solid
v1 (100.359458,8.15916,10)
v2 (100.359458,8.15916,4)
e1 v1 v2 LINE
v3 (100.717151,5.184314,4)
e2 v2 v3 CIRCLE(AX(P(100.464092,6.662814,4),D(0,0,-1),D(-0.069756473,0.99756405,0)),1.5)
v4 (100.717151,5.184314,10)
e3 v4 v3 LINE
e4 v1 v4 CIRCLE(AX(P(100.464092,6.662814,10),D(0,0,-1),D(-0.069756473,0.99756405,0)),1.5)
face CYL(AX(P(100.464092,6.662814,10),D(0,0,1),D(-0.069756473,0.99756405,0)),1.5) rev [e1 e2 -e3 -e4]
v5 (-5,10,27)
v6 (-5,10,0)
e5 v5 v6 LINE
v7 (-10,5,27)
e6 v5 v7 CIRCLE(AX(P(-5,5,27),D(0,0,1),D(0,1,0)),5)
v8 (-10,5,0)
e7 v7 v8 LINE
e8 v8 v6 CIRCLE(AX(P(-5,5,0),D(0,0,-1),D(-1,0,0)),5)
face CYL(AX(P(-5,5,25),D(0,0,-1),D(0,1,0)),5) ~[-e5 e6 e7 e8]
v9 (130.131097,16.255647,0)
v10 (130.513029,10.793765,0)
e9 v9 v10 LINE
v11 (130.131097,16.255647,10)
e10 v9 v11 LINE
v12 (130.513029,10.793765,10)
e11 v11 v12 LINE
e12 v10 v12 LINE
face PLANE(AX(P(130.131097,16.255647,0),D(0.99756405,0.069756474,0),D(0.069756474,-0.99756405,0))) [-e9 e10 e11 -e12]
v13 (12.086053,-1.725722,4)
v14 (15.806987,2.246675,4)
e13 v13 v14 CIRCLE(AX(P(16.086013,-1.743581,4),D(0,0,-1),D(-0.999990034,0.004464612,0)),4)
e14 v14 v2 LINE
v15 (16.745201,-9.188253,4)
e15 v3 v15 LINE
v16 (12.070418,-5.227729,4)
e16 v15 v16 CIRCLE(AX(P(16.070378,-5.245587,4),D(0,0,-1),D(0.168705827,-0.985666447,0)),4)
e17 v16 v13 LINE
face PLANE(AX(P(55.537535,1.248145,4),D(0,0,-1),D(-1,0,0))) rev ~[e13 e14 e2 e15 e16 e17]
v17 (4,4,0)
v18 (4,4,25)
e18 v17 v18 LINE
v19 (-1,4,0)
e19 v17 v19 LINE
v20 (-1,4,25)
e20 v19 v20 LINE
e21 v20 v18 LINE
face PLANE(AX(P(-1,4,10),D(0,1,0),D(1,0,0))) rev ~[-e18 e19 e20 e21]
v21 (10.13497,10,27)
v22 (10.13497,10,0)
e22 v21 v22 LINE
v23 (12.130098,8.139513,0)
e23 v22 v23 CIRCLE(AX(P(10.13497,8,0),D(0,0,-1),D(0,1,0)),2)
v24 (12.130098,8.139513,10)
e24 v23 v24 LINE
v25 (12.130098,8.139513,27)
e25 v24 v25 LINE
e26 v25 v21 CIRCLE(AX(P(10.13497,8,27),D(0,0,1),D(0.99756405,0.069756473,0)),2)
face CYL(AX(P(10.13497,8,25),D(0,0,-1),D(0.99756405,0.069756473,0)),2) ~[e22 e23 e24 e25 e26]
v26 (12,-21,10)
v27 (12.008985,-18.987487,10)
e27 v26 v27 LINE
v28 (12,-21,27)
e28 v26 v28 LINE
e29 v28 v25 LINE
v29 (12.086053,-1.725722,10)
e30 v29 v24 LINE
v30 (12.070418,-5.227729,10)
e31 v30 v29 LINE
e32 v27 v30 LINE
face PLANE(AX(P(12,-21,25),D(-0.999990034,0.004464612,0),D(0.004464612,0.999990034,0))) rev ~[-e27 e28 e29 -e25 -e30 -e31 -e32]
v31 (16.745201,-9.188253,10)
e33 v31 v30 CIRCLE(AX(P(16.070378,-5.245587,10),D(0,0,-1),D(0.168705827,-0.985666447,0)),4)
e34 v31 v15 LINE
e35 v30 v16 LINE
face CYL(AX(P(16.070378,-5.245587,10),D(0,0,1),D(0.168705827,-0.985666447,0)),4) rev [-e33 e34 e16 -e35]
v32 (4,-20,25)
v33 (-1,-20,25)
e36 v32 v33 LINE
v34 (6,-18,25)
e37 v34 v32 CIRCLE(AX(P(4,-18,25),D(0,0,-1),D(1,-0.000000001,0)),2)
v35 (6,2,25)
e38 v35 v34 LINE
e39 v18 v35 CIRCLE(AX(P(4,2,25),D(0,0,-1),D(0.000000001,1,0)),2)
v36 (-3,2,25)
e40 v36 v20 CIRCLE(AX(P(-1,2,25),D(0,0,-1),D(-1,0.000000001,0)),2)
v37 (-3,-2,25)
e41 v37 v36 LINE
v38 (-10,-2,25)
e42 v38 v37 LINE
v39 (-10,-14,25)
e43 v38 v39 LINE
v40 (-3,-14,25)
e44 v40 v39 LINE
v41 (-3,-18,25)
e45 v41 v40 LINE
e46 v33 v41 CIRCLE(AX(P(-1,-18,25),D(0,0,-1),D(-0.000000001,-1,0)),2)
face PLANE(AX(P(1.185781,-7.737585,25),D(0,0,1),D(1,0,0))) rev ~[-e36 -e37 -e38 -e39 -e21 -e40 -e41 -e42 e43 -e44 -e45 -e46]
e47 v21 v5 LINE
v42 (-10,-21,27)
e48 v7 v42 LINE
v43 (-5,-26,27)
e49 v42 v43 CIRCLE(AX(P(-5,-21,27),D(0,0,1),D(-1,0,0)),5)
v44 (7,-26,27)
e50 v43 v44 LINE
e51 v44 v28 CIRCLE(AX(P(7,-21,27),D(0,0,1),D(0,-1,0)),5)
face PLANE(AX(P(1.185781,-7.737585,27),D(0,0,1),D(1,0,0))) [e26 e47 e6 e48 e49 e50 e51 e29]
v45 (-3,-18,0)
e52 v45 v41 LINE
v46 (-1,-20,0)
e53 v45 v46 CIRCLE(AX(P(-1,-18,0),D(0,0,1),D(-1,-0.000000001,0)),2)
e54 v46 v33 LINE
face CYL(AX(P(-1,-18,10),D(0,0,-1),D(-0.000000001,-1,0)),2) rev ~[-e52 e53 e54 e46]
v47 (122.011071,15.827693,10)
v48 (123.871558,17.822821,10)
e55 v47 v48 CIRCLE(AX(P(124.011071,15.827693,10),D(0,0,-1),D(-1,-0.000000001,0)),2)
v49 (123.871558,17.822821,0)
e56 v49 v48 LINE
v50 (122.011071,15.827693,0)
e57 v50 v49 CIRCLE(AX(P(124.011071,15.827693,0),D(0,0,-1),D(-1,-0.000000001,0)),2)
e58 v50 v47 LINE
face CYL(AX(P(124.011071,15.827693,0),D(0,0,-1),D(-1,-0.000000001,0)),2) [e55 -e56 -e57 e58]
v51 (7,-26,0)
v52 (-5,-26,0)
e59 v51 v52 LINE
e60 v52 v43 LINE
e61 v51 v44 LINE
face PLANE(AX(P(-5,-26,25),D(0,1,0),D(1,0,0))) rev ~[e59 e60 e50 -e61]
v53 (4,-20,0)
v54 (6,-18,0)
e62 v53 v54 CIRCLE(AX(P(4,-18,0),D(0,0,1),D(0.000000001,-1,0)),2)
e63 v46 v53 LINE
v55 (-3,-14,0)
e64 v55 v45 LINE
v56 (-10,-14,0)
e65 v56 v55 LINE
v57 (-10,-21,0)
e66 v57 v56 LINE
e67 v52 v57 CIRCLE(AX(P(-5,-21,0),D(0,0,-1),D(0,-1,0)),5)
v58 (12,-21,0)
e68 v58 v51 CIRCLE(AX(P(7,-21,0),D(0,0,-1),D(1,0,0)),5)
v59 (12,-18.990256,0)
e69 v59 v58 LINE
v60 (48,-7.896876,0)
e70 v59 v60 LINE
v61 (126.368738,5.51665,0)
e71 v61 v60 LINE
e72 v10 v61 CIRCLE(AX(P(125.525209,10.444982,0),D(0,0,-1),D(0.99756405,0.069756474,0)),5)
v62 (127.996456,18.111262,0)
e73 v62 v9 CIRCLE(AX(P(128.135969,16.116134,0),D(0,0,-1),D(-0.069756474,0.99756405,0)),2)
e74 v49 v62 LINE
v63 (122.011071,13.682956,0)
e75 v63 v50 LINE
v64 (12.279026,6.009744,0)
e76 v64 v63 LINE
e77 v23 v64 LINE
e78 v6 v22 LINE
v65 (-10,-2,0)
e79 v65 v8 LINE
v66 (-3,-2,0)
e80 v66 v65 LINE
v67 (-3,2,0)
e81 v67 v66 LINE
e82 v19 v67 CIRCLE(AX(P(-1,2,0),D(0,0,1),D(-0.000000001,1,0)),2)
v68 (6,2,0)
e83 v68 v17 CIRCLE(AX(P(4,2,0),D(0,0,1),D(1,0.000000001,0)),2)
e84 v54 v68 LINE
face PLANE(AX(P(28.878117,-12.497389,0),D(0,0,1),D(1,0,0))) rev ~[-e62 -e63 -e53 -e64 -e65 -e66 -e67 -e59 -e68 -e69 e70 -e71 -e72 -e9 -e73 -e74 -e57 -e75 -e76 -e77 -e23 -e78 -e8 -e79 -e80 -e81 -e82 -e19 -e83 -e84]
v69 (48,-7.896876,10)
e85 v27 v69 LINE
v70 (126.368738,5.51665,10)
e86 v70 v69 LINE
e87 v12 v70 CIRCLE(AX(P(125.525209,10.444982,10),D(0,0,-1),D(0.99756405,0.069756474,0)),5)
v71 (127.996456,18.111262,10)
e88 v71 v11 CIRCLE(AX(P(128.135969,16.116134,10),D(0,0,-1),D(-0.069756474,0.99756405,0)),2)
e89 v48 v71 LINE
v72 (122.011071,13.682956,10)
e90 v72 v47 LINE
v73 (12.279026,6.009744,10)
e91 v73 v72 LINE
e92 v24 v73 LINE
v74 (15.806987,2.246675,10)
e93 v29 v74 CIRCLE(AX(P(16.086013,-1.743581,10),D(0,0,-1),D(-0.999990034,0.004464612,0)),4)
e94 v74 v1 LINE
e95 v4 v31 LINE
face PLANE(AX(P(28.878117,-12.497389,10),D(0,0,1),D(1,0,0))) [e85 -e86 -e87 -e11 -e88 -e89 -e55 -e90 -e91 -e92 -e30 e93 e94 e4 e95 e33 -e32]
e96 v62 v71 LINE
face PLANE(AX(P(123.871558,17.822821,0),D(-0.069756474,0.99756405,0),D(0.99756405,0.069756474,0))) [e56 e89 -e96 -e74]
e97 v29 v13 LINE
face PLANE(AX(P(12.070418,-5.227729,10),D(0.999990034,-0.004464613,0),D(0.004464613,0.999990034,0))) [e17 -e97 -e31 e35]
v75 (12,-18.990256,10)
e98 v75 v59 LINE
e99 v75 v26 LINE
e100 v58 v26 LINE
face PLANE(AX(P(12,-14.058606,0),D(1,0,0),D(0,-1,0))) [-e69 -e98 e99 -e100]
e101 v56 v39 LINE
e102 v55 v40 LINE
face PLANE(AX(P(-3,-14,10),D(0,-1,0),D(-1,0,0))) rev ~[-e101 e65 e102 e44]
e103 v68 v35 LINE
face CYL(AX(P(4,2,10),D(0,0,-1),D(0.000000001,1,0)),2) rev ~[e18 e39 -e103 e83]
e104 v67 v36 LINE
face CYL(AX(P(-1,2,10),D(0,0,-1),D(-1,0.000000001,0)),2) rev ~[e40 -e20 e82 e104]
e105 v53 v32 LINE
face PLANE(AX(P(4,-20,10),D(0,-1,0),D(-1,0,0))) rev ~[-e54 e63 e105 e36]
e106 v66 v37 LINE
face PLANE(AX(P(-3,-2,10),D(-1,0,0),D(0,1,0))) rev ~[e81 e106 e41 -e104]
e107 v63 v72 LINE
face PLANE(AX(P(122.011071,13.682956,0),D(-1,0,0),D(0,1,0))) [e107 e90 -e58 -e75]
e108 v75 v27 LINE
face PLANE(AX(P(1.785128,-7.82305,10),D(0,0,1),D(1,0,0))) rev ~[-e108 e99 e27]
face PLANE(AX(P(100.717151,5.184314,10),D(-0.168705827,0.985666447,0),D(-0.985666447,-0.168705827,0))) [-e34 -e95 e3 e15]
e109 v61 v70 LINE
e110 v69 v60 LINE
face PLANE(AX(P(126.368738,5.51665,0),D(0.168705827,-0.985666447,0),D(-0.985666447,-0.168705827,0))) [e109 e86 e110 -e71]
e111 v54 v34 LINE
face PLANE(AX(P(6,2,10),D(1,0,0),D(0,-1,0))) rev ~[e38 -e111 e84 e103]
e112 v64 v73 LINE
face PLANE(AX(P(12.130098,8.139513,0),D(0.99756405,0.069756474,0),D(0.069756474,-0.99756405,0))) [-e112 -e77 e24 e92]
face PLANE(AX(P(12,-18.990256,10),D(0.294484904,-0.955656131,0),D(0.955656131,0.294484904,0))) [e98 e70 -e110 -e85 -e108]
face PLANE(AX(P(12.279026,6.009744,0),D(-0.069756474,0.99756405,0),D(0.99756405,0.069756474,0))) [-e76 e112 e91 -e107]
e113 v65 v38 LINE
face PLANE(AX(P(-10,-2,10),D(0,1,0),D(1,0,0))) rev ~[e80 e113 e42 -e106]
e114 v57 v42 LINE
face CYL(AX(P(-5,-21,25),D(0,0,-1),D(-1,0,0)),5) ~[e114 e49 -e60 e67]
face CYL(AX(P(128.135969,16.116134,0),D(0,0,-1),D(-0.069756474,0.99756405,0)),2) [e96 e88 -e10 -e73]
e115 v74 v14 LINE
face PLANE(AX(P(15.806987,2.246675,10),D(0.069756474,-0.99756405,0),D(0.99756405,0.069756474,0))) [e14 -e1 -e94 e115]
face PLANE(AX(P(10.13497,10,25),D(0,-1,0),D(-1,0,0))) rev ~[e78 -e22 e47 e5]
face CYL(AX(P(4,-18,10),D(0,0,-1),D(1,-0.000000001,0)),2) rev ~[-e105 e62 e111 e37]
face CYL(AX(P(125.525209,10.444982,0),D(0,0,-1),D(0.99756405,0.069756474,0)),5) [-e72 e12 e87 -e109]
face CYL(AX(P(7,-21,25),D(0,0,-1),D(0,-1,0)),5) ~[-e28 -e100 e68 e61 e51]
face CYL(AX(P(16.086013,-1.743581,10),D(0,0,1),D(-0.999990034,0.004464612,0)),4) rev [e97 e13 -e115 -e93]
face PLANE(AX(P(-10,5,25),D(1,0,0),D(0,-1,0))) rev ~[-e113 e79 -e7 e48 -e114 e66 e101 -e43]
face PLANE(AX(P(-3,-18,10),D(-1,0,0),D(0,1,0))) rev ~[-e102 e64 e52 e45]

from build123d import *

# Parameters (mm, degrees)
BOSS_EXTRUDE1_DEPTH = 10
BOSS_EXTRUDE2_DEPTH = 10
BOSS_EXTRUDE3_DEPTH = 15
BOSS_EXTRUDE4_DEPTH = 2
CUT_EXTRUDE1_DEPTH  = 6


with BuildPart() as part:
    # Sketch1 → Boss-Extrude1 (new body)
    with BuildSketch(Plane.XY):
        with BuildLine():
            Line((-5, 10), (10.134969828, 10))
            ThreePointArc((10.134969828, 10), (11.498966548, 9.462707403), (12.130097928, 8.139512947))
            Line((12.130097928, 8.139512947), (12.279025895, 6.009743799))
            Line((12.279025895, 6.009743799), (122.011071424, 13.682955911))
            Line((122.011071424, 13.682955911), (122.011071424, 15.827693331))
            ThreePointArc((122.011071424, 15.827693331), (122.54836402, 17.191690051), (123.871558476, 17.822821431))
            Line((123.871558476, 17.822821431), (127.996455725, 18.111262346))
            ThreePointArc((127.996455725, 18.111262346), (129.448086731, 17.625553406), (130.131096773, 16.255647193))
            Line((130.131096773, 16.255647193), (130.513028814, 10.79376454))
            ThreePointArc((130.513028814, 10.79376454), (129.45752894, 7.356802052), (126.3687377, 5.516649939))
            Line((126.3687377, 5.516649939), (12, -14.058605554))
            Line((12, -14.058605554), (12, -21))
            ThreePointArc((12, -21), (10.535533906, -24.535533906), (7, -26))
            Line((7, -26), (-5, -26))
            ThreePointArc((-5, -26), (-8.535533906, -24.535533906), (-10, -21))
            Line((-10, -21), (-10, -14))
            Line((-10, -14), (-3, -14))
            Line((-3, -14), (-3, -18))
            ThreePointArc((-3, -18), (-2.414213562, -19.414213562), (-1, -20))
            Line((-1, -20), (4, -20))
            ThreePointArc((4, -20), (5.414213562, -19.414213562), (6, -18))
            Line((6, -18), (6, 2))
            ThreePointArc((6, 2), (5.414213562, 3.414213562), (4, 4))
            Line((4, 4), (-1, 4))
            ThreePointArc((-1, 4), (-2.414213562, 3.414213562), (-3, 2))
            Line((-3, 2), (-3, -2))
            Line((-3, -2), (-10, -2))
            Line((-10, -2), (-10, 5))
            ThreePointArc((-10, 5), (-8.535533906, 8.535533906), (-5, 10))
        make_face()
    extrude(amount=BOSS_EXTRUDE1_DEPTH)

    # Sketch4 → Boss-Extrude2 (add)
    with BuildSketch(Plane.XY.offset(10)):
        Polygon((12, -18.990256201), (48, -7.896876292), (12, -14.058605554), align=None)
    extrude(amount=-BOSS_EXTRUDE2_DEPTH)

    # Sketch5 → Boss-Extrude3 (add)
    with BuildSketch(Plane.XY.offset(10)):
        with BuildLine():
            Line((12, -21), (12.130097928, 8.139512947))
            ThreePointArc((12.130097928, 8.139512947), (11.498966548, 9.462707403), (10.134969828, 10))
            Line((10.134969828, 10), (-5, 10))
            ThreePointArc((-5, 10), (-8.535533906, 8.535533906), (-10, 5))
            Line((-10, 5), (-10, -2))
            Line((-10, -2), (-3, -2))
            Line((-3, -2), (-3, 2))
            ThreePointArc((-3, 2), (-2.414213562, 3.414213562), (-1, 4))
            Line((-1, 4), (4, 4))
            ThreePointArc((4, 4), (5.414213562, 3.414213562), (6, 2))
            Line((6, 2), (6, -18))
            ThreePointArc((6, -18), (5.414213562, -19.414213562), (4, -20))
            Line((4, -20), (-1, -20))
            ThreePointArc((-1, -20), (-2.414213562, -19.414213562), (-3, -18))
            Line((-3, -18), (-3, -14))
            Line((-3, -14), (-10, -14))
            Line((-10, -14), (-10, -21))
            ThreePointArc((-10, -21), (-8.535533906, -24.535533906), (-5, -26))
            Line((-5, -26), (7, -26))
            ThreePointArc((7, -26), (10.535533906, -24.535533906), (12, -21))
        make_face()
    extrude(amount=BOSS_EXTRUDE3_DEPTH)

    # Sketch6 → Boss-Extrude4 (add)
    with BuildSketch(Plane.XY.offset(25)):
        with BuildLine():
            Line((-10, 5), (-10, -21))
            ThreePointArc((-10, -21), (-8.535533906, -24.535533906), (-5, -26))
            Line((-5, -26), (7, -26))
            ThreePointArc((7, -26), (10.535533906, -24.535533906), (12, -21))
            Line((12, -21), (12.130097928, 8.139512947))
            ThreePointArc((12.130097928, 8.139512947), (11.498966548, 9.462707403), (10.134969828, 10))
            Line((10.134969828, 10), (-5, 10))
            ThreePointArc((-5, 10), (-8.535533906, 8.535533906), (-10, 5))
        make_face()
    extrude(amount=BOSS_EXTRUDE4_DEPTH)

    # Sketch2 → Cut-Extrude1 (cut)
    with BuildSketch(Plane.XY.offset(10)):
        with BuildLine():
            Line((12.07041778, -5.227728761), (12.086053037, -1.725722453))
            ThreePointArc((12.086053037, -1.725722453), (13.166695385, 0.990936179), (15.806987276, 2.246675299))
            Line((15.806987276, 2.246675299), (100.359457674, 8.159159996))
            ThreePointArc((100.359457674, 8.159159996), (101.953365437, 6.84188311), (100.717151126, 5.18431425))
            Line((100.717151126, 5.18431425), (16.745201224, -9.188252997))
            ThreePointArc((16.745201224, -9.188252997), (13.484730649, -8.29754203), (12.07041778, -5.227728761))
        make_face()
    extrude(amount=-CUT_EXTRUDE1_DEPTH, mode=Mode.SUBTRACT)


solid = part.part
